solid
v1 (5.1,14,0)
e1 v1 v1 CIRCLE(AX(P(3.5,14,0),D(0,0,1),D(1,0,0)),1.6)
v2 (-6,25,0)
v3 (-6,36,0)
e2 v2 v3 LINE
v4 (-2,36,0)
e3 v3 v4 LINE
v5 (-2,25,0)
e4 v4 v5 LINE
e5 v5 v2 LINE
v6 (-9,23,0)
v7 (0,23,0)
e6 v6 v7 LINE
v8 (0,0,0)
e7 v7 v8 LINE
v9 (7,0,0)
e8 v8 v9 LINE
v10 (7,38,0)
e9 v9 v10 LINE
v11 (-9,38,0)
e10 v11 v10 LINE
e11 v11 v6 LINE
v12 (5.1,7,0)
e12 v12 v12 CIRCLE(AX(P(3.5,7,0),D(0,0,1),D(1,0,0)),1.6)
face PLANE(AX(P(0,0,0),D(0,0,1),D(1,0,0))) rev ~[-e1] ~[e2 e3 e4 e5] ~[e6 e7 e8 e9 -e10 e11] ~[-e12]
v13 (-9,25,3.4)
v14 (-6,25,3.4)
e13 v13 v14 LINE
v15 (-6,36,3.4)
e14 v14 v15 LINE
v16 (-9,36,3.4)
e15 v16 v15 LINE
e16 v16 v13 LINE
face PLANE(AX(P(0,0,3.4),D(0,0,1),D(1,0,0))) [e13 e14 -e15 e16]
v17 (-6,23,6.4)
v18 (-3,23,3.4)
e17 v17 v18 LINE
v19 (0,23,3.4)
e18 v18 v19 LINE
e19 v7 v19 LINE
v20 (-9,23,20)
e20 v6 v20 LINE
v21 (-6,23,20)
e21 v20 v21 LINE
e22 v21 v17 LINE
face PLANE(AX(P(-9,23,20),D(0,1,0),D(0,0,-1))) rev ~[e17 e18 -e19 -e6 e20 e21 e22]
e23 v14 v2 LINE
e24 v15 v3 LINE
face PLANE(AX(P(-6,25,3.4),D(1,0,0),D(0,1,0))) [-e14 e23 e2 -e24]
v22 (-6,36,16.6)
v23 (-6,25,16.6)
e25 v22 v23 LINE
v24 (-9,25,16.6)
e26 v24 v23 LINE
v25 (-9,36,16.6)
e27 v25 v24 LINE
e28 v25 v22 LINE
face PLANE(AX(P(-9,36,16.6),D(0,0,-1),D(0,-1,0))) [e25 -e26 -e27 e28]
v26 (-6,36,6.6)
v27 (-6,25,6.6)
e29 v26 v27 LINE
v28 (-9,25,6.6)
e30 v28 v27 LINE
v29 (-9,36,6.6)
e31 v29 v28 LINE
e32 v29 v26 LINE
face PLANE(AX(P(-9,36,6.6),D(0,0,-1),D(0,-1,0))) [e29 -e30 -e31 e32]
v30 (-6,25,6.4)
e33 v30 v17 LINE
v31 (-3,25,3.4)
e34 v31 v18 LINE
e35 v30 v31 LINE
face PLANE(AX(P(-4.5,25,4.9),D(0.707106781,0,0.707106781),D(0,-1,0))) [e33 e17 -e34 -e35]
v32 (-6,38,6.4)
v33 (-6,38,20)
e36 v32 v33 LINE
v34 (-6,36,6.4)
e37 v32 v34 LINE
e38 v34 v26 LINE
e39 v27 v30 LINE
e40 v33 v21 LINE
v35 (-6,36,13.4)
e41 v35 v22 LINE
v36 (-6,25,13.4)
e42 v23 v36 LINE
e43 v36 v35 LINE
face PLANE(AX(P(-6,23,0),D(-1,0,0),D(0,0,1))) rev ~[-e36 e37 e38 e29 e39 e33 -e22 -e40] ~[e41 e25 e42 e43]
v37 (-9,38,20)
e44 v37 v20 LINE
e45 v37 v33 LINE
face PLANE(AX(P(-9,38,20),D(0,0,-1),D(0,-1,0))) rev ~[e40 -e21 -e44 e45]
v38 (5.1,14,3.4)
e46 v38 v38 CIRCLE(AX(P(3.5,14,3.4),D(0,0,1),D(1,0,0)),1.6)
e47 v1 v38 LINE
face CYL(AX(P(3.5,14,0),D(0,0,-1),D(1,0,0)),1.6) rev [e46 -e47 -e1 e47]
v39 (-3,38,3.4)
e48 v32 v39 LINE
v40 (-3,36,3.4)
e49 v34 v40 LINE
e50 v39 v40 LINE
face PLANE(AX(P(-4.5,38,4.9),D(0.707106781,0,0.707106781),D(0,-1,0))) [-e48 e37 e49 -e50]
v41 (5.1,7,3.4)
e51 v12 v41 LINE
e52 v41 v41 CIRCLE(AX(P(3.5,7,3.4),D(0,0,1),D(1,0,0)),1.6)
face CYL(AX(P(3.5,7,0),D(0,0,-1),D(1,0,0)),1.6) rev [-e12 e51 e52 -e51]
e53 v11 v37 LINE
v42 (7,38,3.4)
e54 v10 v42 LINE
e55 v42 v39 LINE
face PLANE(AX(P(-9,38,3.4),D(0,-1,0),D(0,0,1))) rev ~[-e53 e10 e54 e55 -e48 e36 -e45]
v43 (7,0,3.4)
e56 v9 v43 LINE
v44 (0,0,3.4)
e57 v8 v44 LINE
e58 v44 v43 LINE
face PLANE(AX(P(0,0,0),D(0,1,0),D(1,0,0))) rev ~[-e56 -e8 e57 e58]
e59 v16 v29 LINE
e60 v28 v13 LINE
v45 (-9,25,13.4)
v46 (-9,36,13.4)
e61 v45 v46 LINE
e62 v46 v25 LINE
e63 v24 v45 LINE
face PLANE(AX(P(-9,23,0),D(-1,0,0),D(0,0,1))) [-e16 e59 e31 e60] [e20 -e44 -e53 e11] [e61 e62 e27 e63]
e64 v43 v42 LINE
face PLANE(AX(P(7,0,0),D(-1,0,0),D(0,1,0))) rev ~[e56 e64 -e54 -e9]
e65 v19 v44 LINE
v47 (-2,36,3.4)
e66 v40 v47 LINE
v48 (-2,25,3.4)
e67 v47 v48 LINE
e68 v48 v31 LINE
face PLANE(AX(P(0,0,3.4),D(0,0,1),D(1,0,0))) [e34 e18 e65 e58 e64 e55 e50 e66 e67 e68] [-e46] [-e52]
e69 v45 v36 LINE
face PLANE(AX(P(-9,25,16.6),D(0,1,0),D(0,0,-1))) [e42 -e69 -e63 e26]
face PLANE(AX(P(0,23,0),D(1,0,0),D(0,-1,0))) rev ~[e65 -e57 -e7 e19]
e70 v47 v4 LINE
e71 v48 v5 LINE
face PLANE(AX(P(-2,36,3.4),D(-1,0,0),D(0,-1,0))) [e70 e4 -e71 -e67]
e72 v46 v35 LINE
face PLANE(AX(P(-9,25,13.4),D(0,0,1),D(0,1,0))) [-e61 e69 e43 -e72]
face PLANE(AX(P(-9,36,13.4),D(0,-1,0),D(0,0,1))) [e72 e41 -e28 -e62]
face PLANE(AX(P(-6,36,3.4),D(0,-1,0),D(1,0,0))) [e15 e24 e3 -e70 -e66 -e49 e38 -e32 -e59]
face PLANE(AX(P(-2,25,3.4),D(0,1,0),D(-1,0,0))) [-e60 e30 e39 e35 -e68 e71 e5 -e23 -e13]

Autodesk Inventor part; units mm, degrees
ref_plane "YZ Plane" through (0, 0, 0) normal (1, 0, 0) x (0, 1, 0)
ref_plane "XZ Plane" through (0, 0, 0) normal (0, 1, 0) x (-1, 0, 0)
ref_plane "XY Plane" through (0, 0, 0) normal (0, 0, 1) x (1, 0, 0)
sketch "Sketch1" plane through (0, 0, 0) normal (0, 0, 1) x (1, 0, 0)
  line L0 (0, 0) -> (7, 0)
  line L1 (7, 0) -> (7, 38)
  line L2 (7, 38) -> (0, 38)
  line L3 (0, 38) -> (0, 0)
  circle A0 centre (3.5, 7) radius 1.6
  circle A1 centre (3.5, 14) radius 1.6
  line L4 (0, 38) -> (-9, 38)
  line L5 (-9, 38) -> (-9, 23)
  line L6 (-9, 23) -> (0, 23)
  line L7 (0, 23) -> (0, 38)
  point P0 (3.5, 0)
  dimension "d0" = 7
  dimension "d1" = 38
  dimension "d2" = 3.2
  dimension "d3" = 3.2
  dimension "d4" = 7
  dimension "d5" = 7
  dimension "d7" = 15
  dimension "d8" = 16
extrude "Extrusion1" add sketch "Sketch1" along normal blind 3.4
sketch "Sketch2" plane through (-9, 23, 0) normal (-1, 0, 0) x (0, 0, 1)
  line L0 (0, 15) -> (0, 0) projected
  line L1 (0, 0) -> (3.4, 0) projected
  line L2 (3.4, 15) -> (3.4, 0) projected
  line L3 (0, 15) -> (3.4, 15) projected
  line L4 (0, 15) -> (20, 15)
  line L5 (20, 15) -> (20, 0)
  line L6 (20, 0) -> (0, 0)
  line L7 (0, 0) -> (0, 15)
  line L8 (3.4, 13) -> (6.6, 13)
  line L9 (6.6, 13) -> (6.6, 2)
  line L10 (6.6, 2) -> (3.4, 2)
  line L11 (3.4, 2) -> (3.4, 13)
  line L12 (13.4, 13) -> (16.6, 13)
  line L13 (16.6, 13) -> (16.6, 2)
  line L14 (16.6, 2) -> (13.4, 2)
  line L15 (13.4, 2) -> (13.4, 13)
  point P0 (0, -23)
  dimension "d11" = 20
  dimension "d12" = 2
  dimension "d13" = 2
  dimension "d14" = 3.2
  dimension "d15" = 3.4
  dimension "d16" = 6.8
  dimension "d17" = 3.2
extrude "Extrusion2" add sketch "Sketch2" against normal blind 3 contours L4 L5 L6 L2 L10 L9 L8
chamfer "Chamfer1" distance 3 angle 45 2 edges at (-6, 37, 3.4) (-6, 24, 3.4)
sketch "Sketch3" plane through (0, 0, 3.4) normal (0, 0, 1) x (1, 0, 0)
  line L0 (-9, 25) -> (-6, 25) projected
  line L1 (-6, 36) -> (-2, 36)
  line L2 (-2, 36) -> (-2, 25)
  line L3 (-2, 25) -> (-6, 25)
  line L4 (-6, 25) -> (-6, 36)
  dimension "d20" = 4
extrude "Extrusion3" cut sketch "Sketch3" against normal blind 4
equation "\"d13\" = d12"
equation "\"d17\" = d14"
properties part number "switch bracket v5"
